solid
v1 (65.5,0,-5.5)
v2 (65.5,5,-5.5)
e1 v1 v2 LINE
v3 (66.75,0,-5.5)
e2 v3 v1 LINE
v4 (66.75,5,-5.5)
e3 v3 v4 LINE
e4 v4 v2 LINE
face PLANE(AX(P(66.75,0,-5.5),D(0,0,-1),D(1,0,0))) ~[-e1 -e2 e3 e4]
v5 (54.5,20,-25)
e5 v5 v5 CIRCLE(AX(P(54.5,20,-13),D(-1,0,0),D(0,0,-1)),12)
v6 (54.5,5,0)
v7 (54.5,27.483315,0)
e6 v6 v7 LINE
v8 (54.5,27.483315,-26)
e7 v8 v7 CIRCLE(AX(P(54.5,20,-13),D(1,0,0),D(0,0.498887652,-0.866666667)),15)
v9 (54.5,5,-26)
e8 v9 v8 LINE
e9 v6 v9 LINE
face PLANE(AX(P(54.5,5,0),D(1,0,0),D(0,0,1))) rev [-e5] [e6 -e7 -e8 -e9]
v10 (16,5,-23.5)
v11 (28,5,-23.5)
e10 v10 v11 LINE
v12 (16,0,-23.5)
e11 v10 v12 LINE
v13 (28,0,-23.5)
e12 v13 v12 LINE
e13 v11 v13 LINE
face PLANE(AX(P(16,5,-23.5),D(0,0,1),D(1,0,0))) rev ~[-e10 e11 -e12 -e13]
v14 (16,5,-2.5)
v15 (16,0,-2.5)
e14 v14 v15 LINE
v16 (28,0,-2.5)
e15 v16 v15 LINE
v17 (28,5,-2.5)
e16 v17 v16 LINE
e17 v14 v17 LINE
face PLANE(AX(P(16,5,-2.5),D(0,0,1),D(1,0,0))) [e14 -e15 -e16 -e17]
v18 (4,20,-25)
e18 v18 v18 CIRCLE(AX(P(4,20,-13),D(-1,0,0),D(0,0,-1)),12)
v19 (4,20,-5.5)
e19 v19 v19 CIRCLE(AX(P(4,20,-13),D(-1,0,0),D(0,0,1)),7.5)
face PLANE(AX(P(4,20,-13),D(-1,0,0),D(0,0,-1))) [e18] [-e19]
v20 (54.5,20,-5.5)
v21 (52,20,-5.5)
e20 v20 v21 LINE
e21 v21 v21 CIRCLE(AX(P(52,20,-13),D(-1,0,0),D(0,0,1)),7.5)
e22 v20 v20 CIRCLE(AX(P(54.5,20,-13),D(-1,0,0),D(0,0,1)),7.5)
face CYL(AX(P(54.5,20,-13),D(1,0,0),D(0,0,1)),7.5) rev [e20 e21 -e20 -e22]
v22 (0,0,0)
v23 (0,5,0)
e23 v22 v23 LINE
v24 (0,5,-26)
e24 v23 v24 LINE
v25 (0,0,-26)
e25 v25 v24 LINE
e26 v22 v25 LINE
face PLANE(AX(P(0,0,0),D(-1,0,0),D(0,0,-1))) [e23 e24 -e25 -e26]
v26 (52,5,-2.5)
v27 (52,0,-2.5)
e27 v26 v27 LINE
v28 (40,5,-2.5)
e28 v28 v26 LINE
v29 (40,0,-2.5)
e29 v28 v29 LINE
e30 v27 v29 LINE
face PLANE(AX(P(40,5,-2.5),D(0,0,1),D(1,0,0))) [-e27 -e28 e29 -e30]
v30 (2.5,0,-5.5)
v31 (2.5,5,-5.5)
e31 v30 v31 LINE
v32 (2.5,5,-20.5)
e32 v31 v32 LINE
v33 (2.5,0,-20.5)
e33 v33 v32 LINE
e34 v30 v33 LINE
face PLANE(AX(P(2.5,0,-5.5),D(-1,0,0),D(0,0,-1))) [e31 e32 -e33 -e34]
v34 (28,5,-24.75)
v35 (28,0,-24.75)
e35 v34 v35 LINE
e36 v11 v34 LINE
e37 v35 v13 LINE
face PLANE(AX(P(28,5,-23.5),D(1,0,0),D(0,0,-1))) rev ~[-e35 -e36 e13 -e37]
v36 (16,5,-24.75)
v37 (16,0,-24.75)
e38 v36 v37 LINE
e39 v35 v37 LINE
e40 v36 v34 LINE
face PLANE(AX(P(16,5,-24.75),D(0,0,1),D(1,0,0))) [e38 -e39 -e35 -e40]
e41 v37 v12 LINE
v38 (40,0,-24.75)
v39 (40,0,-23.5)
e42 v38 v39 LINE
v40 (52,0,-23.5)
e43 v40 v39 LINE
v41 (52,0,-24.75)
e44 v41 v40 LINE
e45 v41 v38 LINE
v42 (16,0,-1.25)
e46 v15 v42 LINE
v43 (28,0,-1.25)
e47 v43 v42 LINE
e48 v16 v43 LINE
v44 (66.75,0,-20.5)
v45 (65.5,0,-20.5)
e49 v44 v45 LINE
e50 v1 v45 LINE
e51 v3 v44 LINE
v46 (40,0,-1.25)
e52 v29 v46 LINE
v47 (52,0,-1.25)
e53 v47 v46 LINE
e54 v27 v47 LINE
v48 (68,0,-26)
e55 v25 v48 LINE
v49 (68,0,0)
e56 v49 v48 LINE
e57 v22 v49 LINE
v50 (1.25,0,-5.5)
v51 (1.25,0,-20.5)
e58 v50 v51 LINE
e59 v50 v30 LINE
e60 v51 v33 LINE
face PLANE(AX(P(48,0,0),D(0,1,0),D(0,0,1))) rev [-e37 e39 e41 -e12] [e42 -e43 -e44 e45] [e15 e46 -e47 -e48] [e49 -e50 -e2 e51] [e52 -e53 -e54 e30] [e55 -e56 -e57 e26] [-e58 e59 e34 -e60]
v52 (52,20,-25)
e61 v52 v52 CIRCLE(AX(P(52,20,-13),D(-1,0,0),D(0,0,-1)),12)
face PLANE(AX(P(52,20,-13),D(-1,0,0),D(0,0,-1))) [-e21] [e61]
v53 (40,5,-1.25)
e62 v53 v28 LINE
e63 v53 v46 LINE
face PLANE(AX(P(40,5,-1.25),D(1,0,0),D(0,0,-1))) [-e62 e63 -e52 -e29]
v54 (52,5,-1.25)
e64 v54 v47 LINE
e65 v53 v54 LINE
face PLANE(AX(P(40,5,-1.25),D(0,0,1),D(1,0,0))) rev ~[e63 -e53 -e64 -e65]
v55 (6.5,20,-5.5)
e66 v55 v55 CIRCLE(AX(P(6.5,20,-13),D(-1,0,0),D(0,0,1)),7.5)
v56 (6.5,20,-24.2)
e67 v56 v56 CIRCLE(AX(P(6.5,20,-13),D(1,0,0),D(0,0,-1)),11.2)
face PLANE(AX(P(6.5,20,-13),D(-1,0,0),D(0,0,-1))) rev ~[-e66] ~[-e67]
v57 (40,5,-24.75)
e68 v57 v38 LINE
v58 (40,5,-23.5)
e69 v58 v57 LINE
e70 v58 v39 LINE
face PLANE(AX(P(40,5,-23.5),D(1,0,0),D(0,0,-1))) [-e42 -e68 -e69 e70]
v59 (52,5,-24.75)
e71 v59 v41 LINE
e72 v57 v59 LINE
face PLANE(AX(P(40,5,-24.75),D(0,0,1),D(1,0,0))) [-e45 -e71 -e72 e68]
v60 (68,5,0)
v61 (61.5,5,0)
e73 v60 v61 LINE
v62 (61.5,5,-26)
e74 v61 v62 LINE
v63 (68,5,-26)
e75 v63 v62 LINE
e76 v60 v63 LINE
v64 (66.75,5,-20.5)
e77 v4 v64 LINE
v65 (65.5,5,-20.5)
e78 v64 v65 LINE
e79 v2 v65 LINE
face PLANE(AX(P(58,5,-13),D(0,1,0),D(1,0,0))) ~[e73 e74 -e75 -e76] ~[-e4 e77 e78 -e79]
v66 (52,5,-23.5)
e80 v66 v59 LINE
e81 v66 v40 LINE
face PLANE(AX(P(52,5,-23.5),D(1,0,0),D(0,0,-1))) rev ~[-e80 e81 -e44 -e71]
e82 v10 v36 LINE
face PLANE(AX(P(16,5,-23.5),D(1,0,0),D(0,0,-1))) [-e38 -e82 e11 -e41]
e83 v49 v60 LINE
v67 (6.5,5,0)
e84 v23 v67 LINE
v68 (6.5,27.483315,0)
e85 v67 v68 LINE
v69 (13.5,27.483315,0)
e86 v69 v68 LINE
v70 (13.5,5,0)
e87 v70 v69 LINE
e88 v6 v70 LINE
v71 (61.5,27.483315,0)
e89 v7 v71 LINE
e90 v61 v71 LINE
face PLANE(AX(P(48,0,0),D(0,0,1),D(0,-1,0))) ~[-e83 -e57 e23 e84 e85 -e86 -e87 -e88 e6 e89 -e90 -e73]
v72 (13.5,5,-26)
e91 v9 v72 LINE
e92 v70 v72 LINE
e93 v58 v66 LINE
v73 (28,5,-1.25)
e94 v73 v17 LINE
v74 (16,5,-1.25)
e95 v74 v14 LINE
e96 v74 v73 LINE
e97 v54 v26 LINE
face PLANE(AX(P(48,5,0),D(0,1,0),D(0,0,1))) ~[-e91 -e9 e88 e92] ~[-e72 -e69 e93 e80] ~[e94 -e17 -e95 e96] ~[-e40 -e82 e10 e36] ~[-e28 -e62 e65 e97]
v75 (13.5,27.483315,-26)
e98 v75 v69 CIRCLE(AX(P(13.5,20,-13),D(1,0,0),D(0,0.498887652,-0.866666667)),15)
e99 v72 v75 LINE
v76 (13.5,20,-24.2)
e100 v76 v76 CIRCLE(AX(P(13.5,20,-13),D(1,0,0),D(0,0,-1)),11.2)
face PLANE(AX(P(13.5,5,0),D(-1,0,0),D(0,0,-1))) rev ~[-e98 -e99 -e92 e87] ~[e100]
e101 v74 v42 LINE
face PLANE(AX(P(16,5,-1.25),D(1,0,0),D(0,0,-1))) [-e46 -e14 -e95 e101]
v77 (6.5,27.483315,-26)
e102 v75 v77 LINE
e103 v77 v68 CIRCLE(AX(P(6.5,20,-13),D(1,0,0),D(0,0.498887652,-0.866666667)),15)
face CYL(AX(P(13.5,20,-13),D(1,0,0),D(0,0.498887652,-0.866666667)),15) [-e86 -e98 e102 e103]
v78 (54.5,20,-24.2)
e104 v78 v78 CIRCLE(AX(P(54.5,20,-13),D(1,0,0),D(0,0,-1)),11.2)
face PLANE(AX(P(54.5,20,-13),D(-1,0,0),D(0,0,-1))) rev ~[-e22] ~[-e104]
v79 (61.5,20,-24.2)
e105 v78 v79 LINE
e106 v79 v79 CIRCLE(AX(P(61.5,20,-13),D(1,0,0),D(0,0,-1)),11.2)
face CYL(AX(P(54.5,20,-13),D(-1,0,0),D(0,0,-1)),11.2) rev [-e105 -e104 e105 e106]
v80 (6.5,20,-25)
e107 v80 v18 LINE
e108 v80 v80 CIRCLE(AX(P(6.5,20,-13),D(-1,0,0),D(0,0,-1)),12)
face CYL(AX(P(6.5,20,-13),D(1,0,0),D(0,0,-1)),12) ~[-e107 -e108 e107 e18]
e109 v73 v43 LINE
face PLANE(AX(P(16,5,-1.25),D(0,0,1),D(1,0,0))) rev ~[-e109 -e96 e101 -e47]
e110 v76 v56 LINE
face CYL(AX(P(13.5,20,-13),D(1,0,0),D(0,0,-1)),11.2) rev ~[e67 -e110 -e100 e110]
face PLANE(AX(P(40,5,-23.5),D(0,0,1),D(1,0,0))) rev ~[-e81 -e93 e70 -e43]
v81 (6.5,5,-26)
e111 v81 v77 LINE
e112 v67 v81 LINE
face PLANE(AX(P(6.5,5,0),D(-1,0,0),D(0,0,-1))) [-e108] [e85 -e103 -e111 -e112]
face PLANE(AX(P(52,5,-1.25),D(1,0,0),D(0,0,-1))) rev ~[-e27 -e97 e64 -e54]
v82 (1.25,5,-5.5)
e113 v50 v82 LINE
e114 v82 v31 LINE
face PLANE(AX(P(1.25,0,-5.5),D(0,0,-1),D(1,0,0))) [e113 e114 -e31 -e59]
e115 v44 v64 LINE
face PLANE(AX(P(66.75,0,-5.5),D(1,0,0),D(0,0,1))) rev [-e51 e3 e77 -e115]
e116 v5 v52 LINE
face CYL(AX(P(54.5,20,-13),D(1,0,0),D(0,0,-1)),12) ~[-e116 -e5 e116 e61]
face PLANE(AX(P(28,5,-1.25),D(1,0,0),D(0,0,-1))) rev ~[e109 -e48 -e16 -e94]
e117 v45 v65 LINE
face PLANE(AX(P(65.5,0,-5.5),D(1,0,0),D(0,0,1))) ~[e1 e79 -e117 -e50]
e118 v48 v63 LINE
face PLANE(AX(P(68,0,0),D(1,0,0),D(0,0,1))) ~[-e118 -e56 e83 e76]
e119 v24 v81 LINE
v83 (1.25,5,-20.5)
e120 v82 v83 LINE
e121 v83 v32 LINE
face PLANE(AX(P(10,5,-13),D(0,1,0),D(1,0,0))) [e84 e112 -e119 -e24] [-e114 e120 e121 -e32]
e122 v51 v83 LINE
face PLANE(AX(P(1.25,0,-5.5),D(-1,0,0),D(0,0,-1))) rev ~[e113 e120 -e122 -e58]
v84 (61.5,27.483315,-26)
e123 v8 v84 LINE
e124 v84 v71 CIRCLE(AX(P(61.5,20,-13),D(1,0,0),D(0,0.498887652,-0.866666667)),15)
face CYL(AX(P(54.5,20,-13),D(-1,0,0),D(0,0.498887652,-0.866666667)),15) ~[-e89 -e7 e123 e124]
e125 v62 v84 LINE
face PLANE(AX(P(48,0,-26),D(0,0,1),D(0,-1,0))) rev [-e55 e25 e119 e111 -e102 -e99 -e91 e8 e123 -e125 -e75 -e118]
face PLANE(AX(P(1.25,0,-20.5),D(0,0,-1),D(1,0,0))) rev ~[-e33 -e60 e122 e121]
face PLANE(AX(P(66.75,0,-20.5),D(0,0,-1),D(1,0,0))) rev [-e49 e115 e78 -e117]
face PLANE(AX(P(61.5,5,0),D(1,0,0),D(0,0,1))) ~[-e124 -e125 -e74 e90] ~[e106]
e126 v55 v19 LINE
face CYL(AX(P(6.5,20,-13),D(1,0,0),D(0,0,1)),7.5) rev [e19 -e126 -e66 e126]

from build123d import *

# Parameters (mm, degrees)
SKETCH1_W            = 20
SKETCH1_H            = 26
SKETCH1_W_2          = 1.25
SKETCH1_H_2          = 15
BOSS_EXTRUDE5_DEPTH  = 5
SKETCH3_W            = 7
SKETCH3_H            = 26
BOSS_EXTRUDE6_DEPTH  = 40
CUT_EXTRUDE1_REACH   = 55.696
SKETCH5_R            = 11.2
SKETCH6_W            = 26
SKETCH6_H            = 5
BOSS_EXTRUDE8_DEPTH  = 14
SKETCH8_R            = 12
SKETCH8_R_2          = 7.5
BOSS_EXTRUDE9_DEPTH  = 2.5
SKETCH9_R            = 12
SKETCH9_R_2          = 7.5
BOSS_EXTRUDE10_DEPTH = 2.5
SKETCH7_W            = 12
SKETCH7_H            = 1.25
CUT_EXTRUDE2_DEPTH   = 10


with BuildPart() as part:
    # Sketch1 → Boss-Extrude5 (new body)
    with BuildSketch(Plane(origin=(0, 0, 0), x_dir=(1, 0, 0), z_dir=(0, 1, 0))):
        with Locations((10, 13)):
            Rectangle(SKETCH1_W, SKETCH1_H)
        with Locations((1.875, 13)):
            Rectangle(SKETCH1_W_2, SKETCH1_H_2, mode=Mode.SUBTRACT)
    boss_extrude5 = extrude(amount=BOSS_EXTRUDE5_DEPTH)

    # Sketch3 → Boss-Extrude6 (add)
    with BuildSketch(Plane(origin=(0, 5, 0), x_dir=(1, 0, 0), z_dir=(0, 1, 0))):
        with Locations((10, 13)):
            Rectangle(SKETCH3_W, SKETCH3_H)
    boss_extrude6 = extrude(amount=BOSS_EXTRUDE6_DEPTH)

    # Sketch5 → Cut-Extrude1 (cut, up to next)
    with BuildSketch(Plane(origin=(13.5, 0, 0), x_dir=(0, 0, -1), z_dir=(1, 0, 0)), mode=Mode.PRIVATE) as cut_extrude1_sk1:
        with Locations((13, 20)):
            Circle(SKETCH5_R)
    cut_extrude1_tool1 = extrude(cut_extrude1_sk1.sketch, amount=-CUT_EXTRUDE1_REACH, mode=Mode.PRIVATE) & part.part
    # Sketch5 → Cut-Extrude1 (cut, up to next)
    with BuildSketch(Plane(origin=(13.5, 0, 0), x_dir=(0, 0, -1), z_dir=(1, 0, 0)), mode=Mode.PRIVATE) as cut_extrude1_sk2:
        with BuildLine():
            Line((0, 27.483314774), (0, 45))
            Line((0, 45), (26, 45))
            Line((26, 45), (26, 27.483314774))
            ThreePointArc((26, 27.483314774), (13, 35), (0, 27.483314774))
        make_face()
    cut_extrude1_tool2 = extrude(cut_extrude1_sk2.sketch, amount=-CUT_EXTRUDE1_REACH, mode=Mode.PRIVATE) & part.part
    cut_extrude1_1 = cut_extrude1_tool1.solids().sort_by_distance((13.5, 20, -13))[0]
    add(cut_extrude1_1, mode=Mode.SUBTRACT)
    cut_extrude1_2 = cut_extrude1_tool2.solids().sort_by_distance((13.5, 38.725293, -13))[0]
    add(cut_extrude1_2, mode=Mode.SUBTRACT)
    cut_extrude1 = cut_extrude1_1 + cut_extrude1_2  # Cut-Extrude1 as one shape, for the pattern or mirror that repeats it

    # Sketch6 → Boss-Extrude8 (add)
    with BuildSketch(Plane(origin=(20, 0, 0), x_dir=(0, 0, -1), z_dir=(1, 0, 0))):
        with Locations((13, 2.5)):
            Rectangle(SKETCH6_W, SKETCH6_H)
    boss_extrude8 = extrude(amount=BOSS_EXTRUDE8_DEPTH)

    # Mirror5: Boss-Extrude5, Boss-Extrude6, Cut-Extrude1, Boss-Extrude8 across plane
    add(boss_extrude5.mirror(Plane.ZY.offset(-34)))
    add(boss_extrude6.mirror(Plane.ZY.offset(-34)))
    add(cut_extrude1.mirror(Plane.ZY.offset(-34)), mode=Mode.SUBTRACT)
    add(boss_extrude8.mirror(Plane.ZY.offset(-34)))

    # Sketch8 → Boss-Extrude9 (add)
    with BuildSketch(Plane.ZY.offset(-6.5)):
        with Locations(Location((-13, 20, 0), (0, 0, 180))):
            Circle(SKETCH8_R)
        with Locations((-13, 20)):
            Circle(SKETCH8_R_2, mode=Mode.SUBTRACT)
    extrude(amount=BOSS_EXTRUDE9_DEPTH)

    # Sketch9 → Boss-Extrude10 (add)
    with BuildSketch(Plane.ZY.offset(-54.5)):
        with Locations(Location((-13, 20, 0), (0, 0, 180))):
            Circle(SKETCH9_R)
        with Locations((-13, 20)):
            Circle(SKETCH9_R_2, mode=Mode.SUBTRACT)
    extrude(amount=BOSS_EXTRUDE10_DEPTH)

    # Sketch7 → Cut-Extrude2 (cut)
    with BuildSketch(Plane(origin=(0, 5, 0), x_dir=(1, 0, 0), z_dir=(0, 1, 0))):
        with Locations((22, 1.875)):
            Rectangle(SKETCH7_W, SKETCH7_H)
        with Locations((46, 1.875)):
            Rectangle(SKETCH7_W, SKETCH7_H)
        with Locations((46, 24.125)):
            Rectangle(SKETCH7_W, SKETCH7_H)
        with Locations((22, 24.125)):
            Rectangle(SKETCH7_W, SKETCH7_H)
    extrude(amount=-CUT_EXTRUDE2_DEPTH, mode=Mode.SUBTRACT)


solid = part.part
